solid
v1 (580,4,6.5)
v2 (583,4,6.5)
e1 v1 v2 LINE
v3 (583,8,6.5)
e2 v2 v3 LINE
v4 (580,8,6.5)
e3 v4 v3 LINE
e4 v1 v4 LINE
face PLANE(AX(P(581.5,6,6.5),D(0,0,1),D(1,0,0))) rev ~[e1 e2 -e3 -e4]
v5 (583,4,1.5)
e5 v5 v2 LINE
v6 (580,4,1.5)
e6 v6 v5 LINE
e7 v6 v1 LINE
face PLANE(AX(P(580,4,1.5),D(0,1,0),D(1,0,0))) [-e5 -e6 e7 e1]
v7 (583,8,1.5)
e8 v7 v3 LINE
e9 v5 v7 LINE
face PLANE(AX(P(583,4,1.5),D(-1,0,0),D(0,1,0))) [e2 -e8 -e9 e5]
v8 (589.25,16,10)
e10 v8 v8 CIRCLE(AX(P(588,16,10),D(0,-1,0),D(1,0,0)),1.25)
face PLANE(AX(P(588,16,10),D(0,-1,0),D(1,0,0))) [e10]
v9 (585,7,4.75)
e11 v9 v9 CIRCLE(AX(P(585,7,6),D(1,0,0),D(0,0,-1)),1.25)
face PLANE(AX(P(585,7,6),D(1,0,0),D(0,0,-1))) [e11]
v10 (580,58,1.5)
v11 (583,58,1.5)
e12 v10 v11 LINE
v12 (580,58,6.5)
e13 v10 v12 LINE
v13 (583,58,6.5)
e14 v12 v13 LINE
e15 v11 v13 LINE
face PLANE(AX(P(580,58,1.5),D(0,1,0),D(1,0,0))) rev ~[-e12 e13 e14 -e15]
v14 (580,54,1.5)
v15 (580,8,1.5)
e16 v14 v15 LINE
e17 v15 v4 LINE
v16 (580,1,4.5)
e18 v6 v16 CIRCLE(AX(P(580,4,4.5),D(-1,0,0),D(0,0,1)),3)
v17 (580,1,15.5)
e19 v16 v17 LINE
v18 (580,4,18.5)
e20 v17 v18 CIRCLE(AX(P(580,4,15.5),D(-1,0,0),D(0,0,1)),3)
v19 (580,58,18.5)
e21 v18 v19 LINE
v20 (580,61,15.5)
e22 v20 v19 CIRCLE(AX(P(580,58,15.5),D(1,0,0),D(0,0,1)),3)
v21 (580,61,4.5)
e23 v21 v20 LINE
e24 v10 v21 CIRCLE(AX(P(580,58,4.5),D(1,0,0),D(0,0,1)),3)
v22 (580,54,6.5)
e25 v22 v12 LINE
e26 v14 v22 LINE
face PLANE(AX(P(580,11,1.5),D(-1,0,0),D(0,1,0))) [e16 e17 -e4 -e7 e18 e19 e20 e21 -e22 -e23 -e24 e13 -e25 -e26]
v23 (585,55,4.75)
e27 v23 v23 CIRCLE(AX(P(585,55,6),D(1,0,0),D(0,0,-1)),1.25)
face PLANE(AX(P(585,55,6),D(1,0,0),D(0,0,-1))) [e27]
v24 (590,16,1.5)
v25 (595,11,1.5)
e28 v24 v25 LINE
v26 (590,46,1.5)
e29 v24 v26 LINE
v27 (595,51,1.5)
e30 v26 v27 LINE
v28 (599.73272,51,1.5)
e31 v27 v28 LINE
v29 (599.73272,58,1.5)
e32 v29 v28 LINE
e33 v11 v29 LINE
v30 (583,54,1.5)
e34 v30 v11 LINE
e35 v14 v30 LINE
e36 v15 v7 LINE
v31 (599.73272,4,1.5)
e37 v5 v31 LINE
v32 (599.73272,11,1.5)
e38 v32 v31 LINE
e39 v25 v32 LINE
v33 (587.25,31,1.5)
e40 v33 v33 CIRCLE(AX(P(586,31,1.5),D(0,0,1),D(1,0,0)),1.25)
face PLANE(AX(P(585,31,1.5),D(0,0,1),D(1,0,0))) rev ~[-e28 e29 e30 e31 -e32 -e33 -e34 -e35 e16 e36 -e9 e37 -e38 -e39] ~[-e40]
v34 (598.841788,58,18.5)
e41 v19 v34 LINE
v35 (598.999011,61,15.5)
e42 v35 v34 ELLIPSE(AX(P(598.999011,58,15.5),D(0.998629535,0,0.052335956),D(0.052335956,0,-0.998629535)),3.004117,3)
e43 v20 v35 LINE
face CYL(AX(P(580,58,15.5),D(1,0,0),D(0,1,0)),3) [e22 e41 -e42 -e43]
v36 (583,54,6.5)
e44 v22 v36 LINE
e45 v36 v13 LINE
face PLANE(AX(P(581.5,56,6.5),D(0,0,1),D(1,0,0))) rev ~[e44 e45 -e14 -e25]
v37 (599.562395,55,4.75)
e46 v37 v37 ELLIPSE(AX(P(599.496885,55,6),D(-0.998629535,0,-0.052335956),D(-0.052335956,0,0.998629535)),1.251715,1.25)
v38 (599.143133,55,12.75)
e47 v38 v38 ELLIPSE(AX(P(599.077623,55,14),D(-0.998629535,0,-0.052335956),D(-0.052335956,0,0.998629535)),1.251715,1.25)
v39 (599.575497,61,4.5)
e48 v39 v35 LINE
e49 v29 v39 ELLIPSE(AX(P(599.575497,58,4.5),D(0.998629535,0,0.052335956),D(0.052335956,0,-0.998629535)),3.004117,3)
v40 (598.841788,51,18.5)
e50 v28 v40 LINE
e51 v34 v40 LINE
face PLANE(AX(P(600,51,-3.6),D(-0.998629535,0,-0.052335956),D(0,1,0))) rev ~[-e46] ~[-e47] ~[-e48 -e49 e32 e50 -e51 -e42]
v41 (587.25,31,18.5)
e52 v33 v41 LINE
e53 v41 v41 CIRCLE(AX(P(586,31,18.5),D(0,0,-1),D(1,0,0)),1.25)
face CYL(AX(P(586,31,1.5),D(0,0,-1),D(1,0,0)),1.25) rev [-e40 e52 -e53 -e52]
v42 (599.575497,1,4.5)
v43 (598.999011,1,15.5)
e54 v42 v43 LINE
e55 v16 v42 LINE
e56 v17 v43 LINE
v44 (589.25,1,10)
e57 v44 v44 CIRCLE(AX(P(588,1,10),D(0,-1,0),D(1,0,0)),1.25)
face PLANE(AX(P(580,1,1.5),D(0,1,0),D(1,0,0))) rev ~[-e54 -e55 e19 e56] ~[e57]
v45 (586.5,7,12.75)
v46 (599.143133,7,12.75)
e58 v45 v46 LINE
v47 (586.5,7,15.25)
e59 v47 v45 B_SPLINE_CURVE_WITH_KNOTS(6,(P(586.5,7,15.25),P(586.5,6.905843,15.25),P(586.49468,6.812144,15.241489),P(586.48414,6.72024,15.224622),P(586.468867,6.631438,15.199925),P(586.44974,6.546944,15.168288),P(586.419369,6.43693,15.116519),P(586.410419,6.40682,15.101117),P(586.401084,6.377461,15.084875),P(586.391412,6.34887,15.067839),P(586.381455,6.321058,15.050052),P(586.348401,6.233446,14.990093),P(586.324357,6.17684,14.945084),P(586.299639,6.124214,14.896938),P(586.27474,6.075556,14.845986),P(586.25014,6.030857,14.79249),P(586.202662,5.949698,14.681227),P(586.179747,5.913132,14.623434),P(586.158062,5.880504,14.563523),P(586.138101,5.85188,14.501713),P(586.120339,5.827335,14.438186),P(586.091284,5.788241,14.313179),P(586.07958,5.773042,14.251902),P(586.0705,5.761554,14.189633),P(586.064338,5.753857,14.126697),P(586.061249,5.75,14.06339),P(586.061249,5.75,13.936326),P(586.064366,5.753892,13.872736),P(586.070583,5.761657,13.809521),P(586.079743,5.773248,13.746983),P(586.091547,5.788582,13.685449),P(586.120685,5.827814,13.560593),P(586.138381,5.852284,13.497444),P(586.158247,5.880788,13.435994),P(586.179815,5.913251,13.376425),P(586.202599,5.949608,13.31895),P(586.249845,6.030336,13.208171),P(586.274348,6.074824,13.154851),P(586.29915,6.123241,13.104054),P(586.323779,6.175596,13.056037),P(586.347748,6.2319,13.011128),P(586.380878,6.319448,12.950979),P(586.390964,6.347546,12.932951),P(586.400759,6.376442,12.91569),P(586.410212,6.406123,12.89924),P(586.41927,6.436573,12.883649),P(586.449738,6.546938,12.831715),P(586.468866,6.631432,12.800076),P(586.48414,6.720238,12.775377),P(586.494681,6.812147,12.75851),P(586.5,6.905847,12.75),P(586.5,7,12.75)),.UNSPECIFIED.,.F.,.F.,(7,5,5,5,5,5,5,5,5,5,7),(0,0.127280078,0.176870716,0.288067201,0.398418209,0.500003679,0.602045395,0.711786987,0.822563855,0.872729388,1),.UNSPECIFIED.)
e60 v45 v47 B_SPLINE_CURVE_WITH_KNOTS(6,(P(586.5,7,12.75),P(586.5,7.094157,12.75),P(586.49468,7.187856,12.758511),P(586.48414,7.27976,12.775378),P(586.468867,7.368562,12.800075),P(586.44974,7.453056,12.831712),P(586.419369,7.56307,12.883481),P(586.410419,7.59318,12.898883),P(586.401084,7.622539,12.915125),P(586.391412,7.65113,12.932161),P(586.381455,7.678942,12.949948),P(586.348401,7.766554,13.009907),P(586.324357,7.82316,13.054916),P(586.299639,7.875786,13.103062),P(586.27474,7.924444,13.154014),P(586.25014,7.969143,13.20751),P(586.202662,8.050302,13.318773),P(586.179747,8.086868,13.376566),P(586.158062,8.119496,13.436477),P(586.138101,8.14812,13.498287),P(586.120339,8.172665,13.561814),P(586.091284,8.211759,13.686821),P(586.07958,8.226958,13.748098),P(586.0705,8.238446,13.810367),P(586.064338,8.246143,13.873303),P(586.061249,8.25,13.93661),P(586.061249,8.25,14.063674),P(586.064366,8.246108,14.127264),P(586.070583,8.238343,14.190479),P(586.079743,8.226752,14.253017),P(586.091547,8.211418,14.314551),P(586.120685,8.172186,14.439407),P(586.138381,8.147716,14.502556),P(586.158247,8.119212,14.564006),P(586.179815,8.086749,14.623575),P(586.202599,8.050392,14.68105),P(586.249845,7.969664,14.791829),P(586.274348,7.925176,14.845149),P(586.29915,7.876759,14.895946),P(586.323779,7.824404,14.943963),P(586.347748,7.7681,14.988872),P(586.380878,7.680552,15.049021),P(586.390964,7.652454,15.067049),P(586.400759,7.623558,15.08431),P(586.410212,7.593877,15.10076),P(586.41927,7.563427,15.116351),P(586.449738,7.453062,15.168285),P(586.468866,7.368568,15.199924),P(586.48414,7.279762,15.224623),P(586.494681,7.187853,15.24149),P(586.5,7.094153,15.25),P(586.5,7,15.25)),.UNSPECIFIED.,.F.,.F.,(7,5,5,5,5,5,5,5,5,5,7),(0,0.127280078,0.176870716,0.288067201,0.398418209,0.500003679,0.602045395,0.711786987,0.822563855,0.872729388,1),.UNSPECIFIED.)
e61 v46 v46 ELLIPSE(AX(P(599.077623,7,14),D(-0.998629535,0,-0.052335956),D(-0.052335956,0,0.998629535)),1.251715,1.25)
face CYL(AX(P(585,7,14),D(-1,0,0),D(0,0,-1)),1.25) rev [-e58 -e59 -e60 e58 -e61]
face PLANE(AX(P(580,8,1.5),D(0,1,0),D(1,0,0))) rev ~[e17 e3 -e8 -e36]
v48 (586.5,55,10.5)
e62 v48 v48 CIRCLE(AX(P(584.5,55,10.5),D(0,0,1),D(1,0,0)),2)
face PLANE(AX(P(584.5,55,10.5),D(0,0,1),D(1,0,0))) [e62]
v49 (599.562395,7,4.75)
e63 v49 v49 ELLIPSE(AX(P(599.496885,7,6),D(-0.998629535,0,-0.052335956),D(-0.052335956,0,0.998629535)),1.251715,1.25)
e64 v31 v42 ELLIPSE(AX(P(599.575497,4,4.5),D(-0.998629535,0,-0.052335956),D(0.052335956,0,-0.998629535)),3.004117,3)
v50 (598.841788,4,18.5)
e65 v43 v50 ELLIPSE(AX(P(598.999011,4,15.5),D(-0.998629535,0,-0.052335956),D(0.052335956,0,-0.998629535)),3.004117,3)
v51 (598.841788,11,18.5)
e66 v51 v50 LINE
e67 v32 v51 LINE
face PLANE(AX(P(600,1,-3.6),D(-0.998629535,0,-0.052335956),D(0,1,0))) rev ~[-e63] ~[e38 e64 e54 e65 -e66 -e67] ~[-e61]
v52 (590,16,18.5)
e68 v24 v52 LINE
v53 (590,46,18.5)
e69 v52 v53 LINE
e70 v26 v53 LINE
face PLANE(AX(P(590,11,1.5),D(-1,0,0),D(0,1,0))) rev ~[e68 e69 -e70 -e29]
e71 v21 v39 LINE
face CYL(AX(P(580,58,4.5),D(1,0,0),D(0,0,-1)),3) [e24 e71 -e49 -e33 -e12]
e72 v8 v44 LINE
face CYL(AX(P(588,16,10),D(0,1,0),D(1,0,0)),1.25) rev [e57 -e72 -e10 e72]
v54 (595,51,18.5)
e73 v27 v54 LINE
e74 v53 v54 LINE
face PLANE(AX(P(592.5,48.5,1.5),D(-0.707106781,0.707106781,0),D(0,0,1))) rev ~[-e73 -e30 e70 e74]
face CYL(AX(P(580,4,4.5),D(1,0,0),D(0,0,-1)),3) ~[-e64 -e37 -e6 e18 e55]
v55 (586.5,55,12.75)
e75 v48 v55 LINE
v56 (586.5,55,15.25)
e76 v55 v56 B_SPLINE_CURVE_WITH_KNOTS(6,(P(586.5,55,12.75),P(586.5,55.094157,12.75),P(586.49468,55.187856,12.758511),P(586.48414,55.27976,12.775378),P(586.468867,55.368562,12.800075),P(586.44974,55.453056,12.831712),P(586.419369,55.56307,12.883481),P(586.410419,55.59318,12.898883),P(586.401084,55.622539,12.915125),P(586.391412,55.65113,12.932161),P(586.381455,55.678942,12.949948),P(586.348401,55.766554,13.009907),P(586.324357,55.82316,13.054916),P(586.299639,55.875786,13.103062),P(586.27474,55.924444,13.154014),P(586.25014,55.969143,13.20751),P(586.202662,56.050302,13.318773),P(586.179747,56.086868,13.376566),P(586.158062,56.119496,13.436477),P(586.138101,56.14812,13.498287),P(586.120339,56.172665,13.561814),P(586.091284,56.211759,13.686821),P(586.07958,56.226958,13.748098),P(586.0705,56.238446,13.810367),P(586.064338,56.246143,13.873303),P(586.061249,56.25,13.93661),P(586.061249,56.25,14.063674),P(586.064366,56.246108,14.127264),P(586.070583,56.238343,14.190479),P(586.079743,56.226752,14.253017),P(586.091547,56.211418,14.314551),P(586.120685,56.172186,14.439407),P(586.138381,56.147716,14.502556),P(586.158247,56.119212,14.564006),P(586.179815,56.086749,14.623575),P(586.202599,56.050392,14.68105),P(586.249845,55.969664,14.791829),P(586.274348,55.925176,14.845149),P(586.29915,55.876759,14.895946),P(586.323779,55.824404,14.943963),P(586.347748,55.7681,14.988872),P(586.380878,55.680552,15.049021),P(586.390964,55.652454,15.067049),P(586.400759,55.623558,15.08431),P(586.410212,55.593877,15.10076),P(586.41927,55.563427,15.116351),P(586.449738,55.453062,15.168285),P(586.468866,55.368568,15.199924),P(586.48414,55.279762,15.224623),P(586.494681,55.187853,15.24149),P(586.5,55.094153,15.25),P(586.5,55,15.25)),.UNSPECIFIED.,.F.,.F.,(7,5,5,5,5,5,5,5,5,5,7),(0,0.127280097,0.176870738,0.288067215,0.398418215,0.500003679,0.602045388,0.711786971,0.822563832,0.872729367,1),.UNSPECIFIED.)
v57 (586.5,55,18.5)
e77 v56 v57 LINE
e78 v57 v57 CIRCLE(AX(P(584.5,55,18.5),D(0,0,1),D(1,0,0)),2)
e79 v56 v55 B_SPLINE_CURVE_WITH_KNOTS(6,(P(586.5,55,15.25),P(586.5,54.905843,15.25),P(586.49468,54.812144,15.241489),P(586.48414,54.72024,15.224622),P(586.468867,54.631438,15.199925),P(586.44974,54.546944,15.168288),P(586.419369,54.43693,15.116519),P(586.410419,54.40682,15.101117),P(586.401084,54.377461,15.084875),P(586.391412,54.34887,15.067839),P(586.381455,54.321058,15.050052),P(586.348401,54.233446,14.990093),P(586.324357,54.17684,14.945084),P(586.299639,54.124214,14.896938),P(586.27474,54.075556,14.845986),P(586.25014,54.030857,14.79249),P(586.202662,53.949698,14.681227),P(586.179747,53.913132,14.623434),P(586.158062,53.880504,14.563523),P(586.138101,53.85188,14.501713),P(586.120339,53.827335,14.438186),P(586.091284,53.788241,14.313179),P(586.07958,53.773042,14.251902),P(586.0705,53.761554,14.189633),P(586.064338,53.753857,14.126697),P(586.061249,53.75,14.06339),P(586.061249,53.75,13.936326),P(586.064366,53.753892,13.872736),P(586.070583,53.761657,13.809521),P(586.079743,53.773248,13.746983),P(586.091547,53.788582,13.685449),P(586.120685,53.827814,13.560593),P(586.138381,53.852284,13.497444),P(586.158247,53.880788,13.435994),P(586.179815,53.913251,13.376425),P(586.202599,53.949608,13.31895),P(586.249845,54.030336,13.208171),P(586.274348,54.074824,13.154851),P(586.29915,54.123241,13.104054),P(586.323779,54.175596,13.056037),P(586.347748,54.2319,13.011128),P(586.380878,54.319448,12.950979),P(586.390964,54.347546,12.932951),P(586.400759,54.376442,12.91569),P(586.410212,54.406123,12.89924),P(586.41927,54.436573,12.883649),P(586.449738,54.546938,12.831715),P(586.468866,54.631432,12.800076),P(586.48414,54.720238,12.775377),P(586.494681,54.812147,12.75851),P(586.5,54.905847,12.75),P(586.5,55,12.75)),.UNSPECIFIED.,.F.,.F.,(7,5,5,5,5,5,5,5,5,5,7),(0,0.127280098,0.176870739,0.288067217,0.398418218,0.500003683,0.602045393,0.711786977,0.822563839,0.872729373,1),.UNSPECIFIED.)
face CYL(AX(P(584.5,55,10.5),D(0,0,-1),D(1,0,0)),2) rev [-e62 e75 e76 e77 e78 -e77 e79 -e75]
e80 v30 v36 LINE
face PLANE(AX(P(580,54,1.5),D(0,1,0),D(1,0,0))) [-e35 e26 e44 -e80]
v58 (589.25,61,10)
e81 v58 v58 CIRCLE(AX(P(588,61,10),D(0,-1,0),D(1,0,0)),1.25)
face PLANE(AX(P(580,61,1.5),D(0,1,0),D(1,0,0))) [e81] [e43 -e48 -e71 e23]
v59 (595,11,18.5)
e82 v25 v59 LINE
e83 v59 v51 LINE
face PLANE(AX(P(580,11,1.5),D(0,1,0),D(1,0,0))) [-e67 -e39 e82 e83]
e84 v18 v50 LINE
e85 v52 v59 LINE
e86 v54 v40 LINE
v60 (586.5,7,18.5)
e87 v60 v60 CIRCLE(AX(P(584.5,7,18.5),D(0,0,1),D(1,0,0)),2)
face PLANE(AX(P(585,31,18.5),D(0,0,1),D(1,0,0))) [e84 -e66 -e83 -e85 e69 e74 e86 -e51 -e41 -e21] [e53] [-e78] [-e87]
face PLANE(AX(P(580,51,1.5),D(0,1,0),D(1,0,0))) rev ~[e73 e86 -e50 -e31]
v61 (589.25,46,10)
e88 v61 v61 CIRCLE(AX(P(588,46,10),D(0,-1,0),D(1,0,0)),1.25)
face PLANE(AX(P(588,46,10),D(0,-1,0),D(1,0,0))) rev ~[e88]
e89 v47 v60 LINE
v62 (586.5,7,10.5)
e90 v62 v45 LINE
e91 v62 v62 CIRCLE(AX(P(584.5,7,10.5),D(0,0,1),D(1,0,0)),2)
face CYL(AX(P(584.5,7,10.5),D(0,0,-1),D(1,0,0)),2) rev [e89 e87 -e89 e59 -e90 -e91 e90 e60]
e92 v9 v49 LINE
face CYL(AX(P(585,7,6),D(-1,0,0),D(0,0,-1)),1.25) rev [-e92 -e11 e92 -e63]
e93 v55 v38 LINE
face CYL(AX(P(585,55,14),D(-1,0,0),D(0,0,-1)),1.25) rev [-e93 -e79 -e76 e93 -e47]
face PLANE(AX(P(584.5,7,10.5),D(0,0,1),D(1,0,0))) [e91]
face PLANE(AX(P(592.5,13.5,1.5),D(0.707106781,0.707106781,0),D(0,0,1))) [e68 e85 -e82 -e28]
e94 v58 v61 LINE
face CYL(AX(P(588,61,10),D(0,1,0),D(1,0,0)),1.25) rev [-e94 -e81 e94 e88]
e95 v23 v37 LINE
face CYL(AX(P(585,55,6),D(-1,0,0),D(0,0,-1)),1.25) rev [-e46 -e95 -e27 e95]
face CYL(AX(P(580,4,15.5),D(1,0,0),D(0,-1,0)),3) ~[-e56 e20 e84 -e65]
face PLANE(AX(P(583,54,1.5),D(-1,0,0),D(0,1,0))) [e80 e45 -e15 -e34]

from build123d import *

# Parameters (mm, degrees)
CYLINDER188_R          = 2
CYLINDER188_DEPTH      = 8
CYLINDER189_R          = 2
CYLINDER189_DEPTH      = 8
CYLINDER187_R          = 1.25
CYLINDER187_DEPTH      = 20
BOX018_W               = 3
BOX018_H               = 4
BOX018_DEPTH           = 5
BOX019_W               = 3
BOX019_H               = 4
BOX019_DEPTH           = 5
CYLINDER041_R          = 1.25
CYLINDER041_DEPTH      = 15
CYLINDER040_R          = 1.25
CYLINDER040_DEPTH      = 15
CYLINDER039_R          = 1.25
CYLINDER039_DEPTH      = 15
CYLINDER038_R          = 1.25
CYLINDER038_DEPTH      = 15
CYLINDER037_R          = 1.25
CYLINDER037_DEPTH      = 15
CYLINDER036_R          = 1.25
CYLINDER036_DEPTH      = 15
BOX015_W               = 10
BOX015_H               = 62
BOX015_DEPTH           = 32
BOX015_PLACEMENT_ANGLE = 3
BOX016_W               = 20
BOX016_H               = 10
BOX016_DEPTH           = 17
BOX017_W               = 10
BOX017_H               = 40
BOX017_DEPTH           = 17
BOX014_W               = 10
BOX014_H               = 62
BOX014_DEPTH           = 32
BOX014_PLACEMENT_ANGLE = 3
BOX013_W               = 20
BOX013_H               = 10
BOX013_DEPTH           = 17
CHAMFER_SIZE           = 5
CHAMFER001_SIZE        = 5
FILLET007_R            = 3
FILLET008_R            = 3


with BuildPart() as cylinder188:
    # Cylinder188 → Cylinder188 (new body)
    with BuildSketch(Plane(origin=(584, 7, 10.5), x_dir=(1, 0, 0), z_dir=(0, 0, 1))):
        Circle(CYLINDER188_R)
    extrude(amount=CYLINDER188_DEPTH)


with BuildPart() as fusion159:
    # Cylinder189 → Cylinder189 (new body)
    with BuildSketch(Plane(origin=(584, 55, 10.5), x_dir=(1, 0, 0), z_dir=(0, 0, 1))):
        Circle(CYLINDER189_R)
    extrude(amount=CYLINDER189_DEPTH)

    # Fusion159: union Cylinder188
    add(cylinder188.part)


with BuildPart() as fusion159_1:
    # Fusion159 placement: moved
    add(fusion159.part.moved(Location((0.5, 0, 0))))


with BuildPart() as cylinder187:
    # Cylinder187 → Cylinder187 (new body)
    with BuildSketch(Plane(origin=(586, 31, 1.5), x_dir=(1, 0, 0), z_dir=(0, 0, 1))):
        Circle(CYLINDER187_R)
    extrude(amount=CYLINDER187_DEPTH)


with BuildPart() as box018:
    # Box018 → Box018 (new body)
    with BuildSketch(Plane(origin=(580, 4, 1.5), x_dir=(1, 0, 0), z_dir=(0, 0, 1))):
        with Locations((1.5, 2)):
            Rectangle(BOX018_W, BOX018_H)
    extrude(amount=BOX018_DEPTH)


with BuildPart() as fusion032:
    # Box019 → Box019 (new body)
    with BuildSketch(Plane(origin=(580, 54, 1.5), x_dir=(1, 0, 0), z_dir=(0, 0, 1))):
        with Locations((1.5, 2)):
            Rectangle(BOX019_W, BOX019_H)
    extrude(amount=BOX019_DEPTH)

    # Fusion032: union Box018
    add(box018.part)


with BuildPart() as cylinder041:
    # Cylinder041 → Cylinder041 (new body)
    with BuildSketch(Plane(origin=(585, 7, 6), x_dir=(0, 0, -1), z_dir=(1, 0, 0))):
        Circle(CYLINDER041_R)
    extrude(amount=CYLINDER041_DEPTH)


with BuildPart() as fusion030:
    # Cylinder040 → Cylinder040 (new body)
    with BuildSketch(Plane(origin=(585, 7, 14), x_dir=(0, 0, -1), z_dir=(1, 0, 0))):
        Circle(CYLINDER040_R)
    extrude(amount=CYLINDER040_DEPTH)

    # Fusion030: union Cylinder041
    add(cylinder041.part)


with BuildPart() as fusion030_1:
    # Fusion030 placement: moved
    add(fusion030.part.moved(Location((0, 48, 0))))


with BuildPart() as cylinder039:
    # Cylinder039 → Cylinder039 (new body)
    with BuildSketch(Plane(origin=(585, 7, 6), x_dir=(0, 0, -1), z_dir=(1, 0, 0))):
        Circle(CYLINDER039_R)
    extrude(amount=CYLINDER039_DEPTH)


with BuildPart() as fusion031:
    # Cylinder038 → Cylinder038 (new body)
    with BuildSketch(Plane(origin=(585, 7, 14), x_dir=(0, 0, -1), z_dir=(1, 0, 0))):
        Circle(CYLINDER038_R)
    extrude(amount=CYLINDER038_DEPTH)

    # Fusion029: union Cylinder039
    add(cylinder039.part)

    # Fusion031: union Fusion030
    add(fusion030_1.part)


with BuildPart() as cylinder037:
    # Cylinder037 → Cylinder037 (new body)
    with BuildSketch(Plane(origin=(588, 61, 10), x_dir=(1, 0, 0), z_dir=(0, -1, 0))):
        Circle(CYLINDER037_R)
    extrude(amount=CYLINDER037_DEPTH)


with BuildPart() as fusion028:
    # Cylinder036 → Cylinder036 (new body)
    with BuildSketch(Plane(origin=(588, 16, 10), x_dir=(1, 0, 0), z_dir=(0, -1, 0))):
        Circle(CYLINDER036_R)
    extrude(amount=CYLINDER036_DEPTH)

    # Fusion028: union Cylinder037
    add(cylinder037.part)


with BuildPart() as box015:
    # Box015 → Box015 (new body)
    with BuildSketch(Plane.XY):
        with Locations((5, 31)):
            Rectangle(BOX015_W, BOX015_H)
    extrude(amount=BOX015_DEPTH)


with BuildPart() as box015_1:
    # Box015 placement: moved
    add(box015.part.moved(Location((600, 0, -3.6))).rotate(Axis((600, 0, -3.6), (0, -1, 0)), BOX015_PLACEMENT_ANGLE))


with BuildPart() as cut012:
    # Box016 → Box016 (new body)
    with BuildSketch(Plane(origin=(580, 0, 1.5), x_dir=(1, 0, 0), z_dir=(0, 0, 1))):
        with Locations((10, 5)):
            Rectangle(BOX016_W, BOX016_H)
    extrude(amount=BOX016_DEPTH)

    # Cut012: cut Box015
    add(box015_1.part, mode=Mode.SUBTRACT)


with BuildPart() as cut012_1:
    # Cut012 placement: moved
    add(cut012.part.moved(Location((0, 51, 0))))


with BuildPart() as box017:
    # Box017 → Box017 (new body)
    with BuildSketch(Plane(origin=(580, 11, 1.5), x_dir=(1, 0, 0), z_dir=(0, 0, 1))):
        with Locations((5, 20)):
            Rectangle(BOX017_W, BOX017_H)
    extrude(amount=BOX017_DEPTH)


with BuildPart() as box014:
    # Box014 → Box014 (new body)
    with BuildSketch(Plane.XY):
        with Locations((5, 31)):
            Rectangle(BOX014_W, BOX014_H)
    extrude(amount=BOX014_DEPTH)


with BuildPart() as box014_1:
    # Box014 placement: moved
    add(box014.part.moved(Location((600, 0, -3.6))).rotate(Axis((600, 0, -3.6), (0, -1, 0)), BOX014_PLACEMENT_ANGLE))


with BuildPart() as rear_cross_member:
    # Box013 → Box013 (new body)
    with BuildSketch(Plane(origin=(580, 0, 1.5), x_dir=(1, 0, 0), z_dir=(0, 0, 1))):
        with Locations((10, 5)):
            Rectangle(BOX013_W, BOX013_H)
    extrude(amount=BOX013_DEPTH)

    # Cut011: cut Box014
    add(box014_1.part, mode=Mode.SUBTRACT)


with BuildPart() as rear_cross_member_1:
    # Cut011 placement: moved
    add(rear_cross_member.part.moved(Location((0, 1, 0))))

    # Fusion022: union Cut012, Box017
    add(cut012_1.part)
    add(box017.part)

    # Chamfer
    chamfer_edges = [rear_cross_member_1.edges().sort_by_distance(p)[0] for p in [
        (590, 11, 10),
    ]]
    chamfer(chamfer_edges, length=CHAMFER_SIZE)

    # Chamfer001
    chamfer001_edges = [rear_cross_member_1.edges().sort_by_distance(p)[0] for p in [
        (590, 51, 10),
    ]]
    chamfer(chamfer001_edges, length=CHAMFER001_SIZE)

    # Fillet007
    fillet007_edges = [rear_cross_member_1.edges().sort_by_distance(p)[0] for p in [
        (589.86636, 61, 1.5),
        (589.420894, 61, 18.5),
    ]]
    fillet(fillet007_edges, radius=FILLET007_R)

    # Fillet008
    fillet008_edges = [rear_cross_member_1.edges().sort_by_distance(p)[0] for p in [
        (589.86636, 1, 1.5),
        (589.420894, 1, 18.5),
    ]]
    fillet(fillet008_edges, radius=FILLET008_R)

    # Cut015: cut Fusion028
    add(fusion028.part, mode=Mode.SUBTRACT)

    # Cut016: cut Fusion031
    add(fusion031.part, mode=Mode.SUBTRACT)

    # Cut017: cut Fusion032
    add(fusion032.part, mode=Mode.SUBTRACT)

    # Cut120: cut Cylinder187
    add(cylinder187.part, mode=Mode.SUBTRACT)

    # Cut121: cut Fusion159
    add(fusion159_1.part, mode=Mode.SUBTRACT)


solid = rear_cross_member_1.part
